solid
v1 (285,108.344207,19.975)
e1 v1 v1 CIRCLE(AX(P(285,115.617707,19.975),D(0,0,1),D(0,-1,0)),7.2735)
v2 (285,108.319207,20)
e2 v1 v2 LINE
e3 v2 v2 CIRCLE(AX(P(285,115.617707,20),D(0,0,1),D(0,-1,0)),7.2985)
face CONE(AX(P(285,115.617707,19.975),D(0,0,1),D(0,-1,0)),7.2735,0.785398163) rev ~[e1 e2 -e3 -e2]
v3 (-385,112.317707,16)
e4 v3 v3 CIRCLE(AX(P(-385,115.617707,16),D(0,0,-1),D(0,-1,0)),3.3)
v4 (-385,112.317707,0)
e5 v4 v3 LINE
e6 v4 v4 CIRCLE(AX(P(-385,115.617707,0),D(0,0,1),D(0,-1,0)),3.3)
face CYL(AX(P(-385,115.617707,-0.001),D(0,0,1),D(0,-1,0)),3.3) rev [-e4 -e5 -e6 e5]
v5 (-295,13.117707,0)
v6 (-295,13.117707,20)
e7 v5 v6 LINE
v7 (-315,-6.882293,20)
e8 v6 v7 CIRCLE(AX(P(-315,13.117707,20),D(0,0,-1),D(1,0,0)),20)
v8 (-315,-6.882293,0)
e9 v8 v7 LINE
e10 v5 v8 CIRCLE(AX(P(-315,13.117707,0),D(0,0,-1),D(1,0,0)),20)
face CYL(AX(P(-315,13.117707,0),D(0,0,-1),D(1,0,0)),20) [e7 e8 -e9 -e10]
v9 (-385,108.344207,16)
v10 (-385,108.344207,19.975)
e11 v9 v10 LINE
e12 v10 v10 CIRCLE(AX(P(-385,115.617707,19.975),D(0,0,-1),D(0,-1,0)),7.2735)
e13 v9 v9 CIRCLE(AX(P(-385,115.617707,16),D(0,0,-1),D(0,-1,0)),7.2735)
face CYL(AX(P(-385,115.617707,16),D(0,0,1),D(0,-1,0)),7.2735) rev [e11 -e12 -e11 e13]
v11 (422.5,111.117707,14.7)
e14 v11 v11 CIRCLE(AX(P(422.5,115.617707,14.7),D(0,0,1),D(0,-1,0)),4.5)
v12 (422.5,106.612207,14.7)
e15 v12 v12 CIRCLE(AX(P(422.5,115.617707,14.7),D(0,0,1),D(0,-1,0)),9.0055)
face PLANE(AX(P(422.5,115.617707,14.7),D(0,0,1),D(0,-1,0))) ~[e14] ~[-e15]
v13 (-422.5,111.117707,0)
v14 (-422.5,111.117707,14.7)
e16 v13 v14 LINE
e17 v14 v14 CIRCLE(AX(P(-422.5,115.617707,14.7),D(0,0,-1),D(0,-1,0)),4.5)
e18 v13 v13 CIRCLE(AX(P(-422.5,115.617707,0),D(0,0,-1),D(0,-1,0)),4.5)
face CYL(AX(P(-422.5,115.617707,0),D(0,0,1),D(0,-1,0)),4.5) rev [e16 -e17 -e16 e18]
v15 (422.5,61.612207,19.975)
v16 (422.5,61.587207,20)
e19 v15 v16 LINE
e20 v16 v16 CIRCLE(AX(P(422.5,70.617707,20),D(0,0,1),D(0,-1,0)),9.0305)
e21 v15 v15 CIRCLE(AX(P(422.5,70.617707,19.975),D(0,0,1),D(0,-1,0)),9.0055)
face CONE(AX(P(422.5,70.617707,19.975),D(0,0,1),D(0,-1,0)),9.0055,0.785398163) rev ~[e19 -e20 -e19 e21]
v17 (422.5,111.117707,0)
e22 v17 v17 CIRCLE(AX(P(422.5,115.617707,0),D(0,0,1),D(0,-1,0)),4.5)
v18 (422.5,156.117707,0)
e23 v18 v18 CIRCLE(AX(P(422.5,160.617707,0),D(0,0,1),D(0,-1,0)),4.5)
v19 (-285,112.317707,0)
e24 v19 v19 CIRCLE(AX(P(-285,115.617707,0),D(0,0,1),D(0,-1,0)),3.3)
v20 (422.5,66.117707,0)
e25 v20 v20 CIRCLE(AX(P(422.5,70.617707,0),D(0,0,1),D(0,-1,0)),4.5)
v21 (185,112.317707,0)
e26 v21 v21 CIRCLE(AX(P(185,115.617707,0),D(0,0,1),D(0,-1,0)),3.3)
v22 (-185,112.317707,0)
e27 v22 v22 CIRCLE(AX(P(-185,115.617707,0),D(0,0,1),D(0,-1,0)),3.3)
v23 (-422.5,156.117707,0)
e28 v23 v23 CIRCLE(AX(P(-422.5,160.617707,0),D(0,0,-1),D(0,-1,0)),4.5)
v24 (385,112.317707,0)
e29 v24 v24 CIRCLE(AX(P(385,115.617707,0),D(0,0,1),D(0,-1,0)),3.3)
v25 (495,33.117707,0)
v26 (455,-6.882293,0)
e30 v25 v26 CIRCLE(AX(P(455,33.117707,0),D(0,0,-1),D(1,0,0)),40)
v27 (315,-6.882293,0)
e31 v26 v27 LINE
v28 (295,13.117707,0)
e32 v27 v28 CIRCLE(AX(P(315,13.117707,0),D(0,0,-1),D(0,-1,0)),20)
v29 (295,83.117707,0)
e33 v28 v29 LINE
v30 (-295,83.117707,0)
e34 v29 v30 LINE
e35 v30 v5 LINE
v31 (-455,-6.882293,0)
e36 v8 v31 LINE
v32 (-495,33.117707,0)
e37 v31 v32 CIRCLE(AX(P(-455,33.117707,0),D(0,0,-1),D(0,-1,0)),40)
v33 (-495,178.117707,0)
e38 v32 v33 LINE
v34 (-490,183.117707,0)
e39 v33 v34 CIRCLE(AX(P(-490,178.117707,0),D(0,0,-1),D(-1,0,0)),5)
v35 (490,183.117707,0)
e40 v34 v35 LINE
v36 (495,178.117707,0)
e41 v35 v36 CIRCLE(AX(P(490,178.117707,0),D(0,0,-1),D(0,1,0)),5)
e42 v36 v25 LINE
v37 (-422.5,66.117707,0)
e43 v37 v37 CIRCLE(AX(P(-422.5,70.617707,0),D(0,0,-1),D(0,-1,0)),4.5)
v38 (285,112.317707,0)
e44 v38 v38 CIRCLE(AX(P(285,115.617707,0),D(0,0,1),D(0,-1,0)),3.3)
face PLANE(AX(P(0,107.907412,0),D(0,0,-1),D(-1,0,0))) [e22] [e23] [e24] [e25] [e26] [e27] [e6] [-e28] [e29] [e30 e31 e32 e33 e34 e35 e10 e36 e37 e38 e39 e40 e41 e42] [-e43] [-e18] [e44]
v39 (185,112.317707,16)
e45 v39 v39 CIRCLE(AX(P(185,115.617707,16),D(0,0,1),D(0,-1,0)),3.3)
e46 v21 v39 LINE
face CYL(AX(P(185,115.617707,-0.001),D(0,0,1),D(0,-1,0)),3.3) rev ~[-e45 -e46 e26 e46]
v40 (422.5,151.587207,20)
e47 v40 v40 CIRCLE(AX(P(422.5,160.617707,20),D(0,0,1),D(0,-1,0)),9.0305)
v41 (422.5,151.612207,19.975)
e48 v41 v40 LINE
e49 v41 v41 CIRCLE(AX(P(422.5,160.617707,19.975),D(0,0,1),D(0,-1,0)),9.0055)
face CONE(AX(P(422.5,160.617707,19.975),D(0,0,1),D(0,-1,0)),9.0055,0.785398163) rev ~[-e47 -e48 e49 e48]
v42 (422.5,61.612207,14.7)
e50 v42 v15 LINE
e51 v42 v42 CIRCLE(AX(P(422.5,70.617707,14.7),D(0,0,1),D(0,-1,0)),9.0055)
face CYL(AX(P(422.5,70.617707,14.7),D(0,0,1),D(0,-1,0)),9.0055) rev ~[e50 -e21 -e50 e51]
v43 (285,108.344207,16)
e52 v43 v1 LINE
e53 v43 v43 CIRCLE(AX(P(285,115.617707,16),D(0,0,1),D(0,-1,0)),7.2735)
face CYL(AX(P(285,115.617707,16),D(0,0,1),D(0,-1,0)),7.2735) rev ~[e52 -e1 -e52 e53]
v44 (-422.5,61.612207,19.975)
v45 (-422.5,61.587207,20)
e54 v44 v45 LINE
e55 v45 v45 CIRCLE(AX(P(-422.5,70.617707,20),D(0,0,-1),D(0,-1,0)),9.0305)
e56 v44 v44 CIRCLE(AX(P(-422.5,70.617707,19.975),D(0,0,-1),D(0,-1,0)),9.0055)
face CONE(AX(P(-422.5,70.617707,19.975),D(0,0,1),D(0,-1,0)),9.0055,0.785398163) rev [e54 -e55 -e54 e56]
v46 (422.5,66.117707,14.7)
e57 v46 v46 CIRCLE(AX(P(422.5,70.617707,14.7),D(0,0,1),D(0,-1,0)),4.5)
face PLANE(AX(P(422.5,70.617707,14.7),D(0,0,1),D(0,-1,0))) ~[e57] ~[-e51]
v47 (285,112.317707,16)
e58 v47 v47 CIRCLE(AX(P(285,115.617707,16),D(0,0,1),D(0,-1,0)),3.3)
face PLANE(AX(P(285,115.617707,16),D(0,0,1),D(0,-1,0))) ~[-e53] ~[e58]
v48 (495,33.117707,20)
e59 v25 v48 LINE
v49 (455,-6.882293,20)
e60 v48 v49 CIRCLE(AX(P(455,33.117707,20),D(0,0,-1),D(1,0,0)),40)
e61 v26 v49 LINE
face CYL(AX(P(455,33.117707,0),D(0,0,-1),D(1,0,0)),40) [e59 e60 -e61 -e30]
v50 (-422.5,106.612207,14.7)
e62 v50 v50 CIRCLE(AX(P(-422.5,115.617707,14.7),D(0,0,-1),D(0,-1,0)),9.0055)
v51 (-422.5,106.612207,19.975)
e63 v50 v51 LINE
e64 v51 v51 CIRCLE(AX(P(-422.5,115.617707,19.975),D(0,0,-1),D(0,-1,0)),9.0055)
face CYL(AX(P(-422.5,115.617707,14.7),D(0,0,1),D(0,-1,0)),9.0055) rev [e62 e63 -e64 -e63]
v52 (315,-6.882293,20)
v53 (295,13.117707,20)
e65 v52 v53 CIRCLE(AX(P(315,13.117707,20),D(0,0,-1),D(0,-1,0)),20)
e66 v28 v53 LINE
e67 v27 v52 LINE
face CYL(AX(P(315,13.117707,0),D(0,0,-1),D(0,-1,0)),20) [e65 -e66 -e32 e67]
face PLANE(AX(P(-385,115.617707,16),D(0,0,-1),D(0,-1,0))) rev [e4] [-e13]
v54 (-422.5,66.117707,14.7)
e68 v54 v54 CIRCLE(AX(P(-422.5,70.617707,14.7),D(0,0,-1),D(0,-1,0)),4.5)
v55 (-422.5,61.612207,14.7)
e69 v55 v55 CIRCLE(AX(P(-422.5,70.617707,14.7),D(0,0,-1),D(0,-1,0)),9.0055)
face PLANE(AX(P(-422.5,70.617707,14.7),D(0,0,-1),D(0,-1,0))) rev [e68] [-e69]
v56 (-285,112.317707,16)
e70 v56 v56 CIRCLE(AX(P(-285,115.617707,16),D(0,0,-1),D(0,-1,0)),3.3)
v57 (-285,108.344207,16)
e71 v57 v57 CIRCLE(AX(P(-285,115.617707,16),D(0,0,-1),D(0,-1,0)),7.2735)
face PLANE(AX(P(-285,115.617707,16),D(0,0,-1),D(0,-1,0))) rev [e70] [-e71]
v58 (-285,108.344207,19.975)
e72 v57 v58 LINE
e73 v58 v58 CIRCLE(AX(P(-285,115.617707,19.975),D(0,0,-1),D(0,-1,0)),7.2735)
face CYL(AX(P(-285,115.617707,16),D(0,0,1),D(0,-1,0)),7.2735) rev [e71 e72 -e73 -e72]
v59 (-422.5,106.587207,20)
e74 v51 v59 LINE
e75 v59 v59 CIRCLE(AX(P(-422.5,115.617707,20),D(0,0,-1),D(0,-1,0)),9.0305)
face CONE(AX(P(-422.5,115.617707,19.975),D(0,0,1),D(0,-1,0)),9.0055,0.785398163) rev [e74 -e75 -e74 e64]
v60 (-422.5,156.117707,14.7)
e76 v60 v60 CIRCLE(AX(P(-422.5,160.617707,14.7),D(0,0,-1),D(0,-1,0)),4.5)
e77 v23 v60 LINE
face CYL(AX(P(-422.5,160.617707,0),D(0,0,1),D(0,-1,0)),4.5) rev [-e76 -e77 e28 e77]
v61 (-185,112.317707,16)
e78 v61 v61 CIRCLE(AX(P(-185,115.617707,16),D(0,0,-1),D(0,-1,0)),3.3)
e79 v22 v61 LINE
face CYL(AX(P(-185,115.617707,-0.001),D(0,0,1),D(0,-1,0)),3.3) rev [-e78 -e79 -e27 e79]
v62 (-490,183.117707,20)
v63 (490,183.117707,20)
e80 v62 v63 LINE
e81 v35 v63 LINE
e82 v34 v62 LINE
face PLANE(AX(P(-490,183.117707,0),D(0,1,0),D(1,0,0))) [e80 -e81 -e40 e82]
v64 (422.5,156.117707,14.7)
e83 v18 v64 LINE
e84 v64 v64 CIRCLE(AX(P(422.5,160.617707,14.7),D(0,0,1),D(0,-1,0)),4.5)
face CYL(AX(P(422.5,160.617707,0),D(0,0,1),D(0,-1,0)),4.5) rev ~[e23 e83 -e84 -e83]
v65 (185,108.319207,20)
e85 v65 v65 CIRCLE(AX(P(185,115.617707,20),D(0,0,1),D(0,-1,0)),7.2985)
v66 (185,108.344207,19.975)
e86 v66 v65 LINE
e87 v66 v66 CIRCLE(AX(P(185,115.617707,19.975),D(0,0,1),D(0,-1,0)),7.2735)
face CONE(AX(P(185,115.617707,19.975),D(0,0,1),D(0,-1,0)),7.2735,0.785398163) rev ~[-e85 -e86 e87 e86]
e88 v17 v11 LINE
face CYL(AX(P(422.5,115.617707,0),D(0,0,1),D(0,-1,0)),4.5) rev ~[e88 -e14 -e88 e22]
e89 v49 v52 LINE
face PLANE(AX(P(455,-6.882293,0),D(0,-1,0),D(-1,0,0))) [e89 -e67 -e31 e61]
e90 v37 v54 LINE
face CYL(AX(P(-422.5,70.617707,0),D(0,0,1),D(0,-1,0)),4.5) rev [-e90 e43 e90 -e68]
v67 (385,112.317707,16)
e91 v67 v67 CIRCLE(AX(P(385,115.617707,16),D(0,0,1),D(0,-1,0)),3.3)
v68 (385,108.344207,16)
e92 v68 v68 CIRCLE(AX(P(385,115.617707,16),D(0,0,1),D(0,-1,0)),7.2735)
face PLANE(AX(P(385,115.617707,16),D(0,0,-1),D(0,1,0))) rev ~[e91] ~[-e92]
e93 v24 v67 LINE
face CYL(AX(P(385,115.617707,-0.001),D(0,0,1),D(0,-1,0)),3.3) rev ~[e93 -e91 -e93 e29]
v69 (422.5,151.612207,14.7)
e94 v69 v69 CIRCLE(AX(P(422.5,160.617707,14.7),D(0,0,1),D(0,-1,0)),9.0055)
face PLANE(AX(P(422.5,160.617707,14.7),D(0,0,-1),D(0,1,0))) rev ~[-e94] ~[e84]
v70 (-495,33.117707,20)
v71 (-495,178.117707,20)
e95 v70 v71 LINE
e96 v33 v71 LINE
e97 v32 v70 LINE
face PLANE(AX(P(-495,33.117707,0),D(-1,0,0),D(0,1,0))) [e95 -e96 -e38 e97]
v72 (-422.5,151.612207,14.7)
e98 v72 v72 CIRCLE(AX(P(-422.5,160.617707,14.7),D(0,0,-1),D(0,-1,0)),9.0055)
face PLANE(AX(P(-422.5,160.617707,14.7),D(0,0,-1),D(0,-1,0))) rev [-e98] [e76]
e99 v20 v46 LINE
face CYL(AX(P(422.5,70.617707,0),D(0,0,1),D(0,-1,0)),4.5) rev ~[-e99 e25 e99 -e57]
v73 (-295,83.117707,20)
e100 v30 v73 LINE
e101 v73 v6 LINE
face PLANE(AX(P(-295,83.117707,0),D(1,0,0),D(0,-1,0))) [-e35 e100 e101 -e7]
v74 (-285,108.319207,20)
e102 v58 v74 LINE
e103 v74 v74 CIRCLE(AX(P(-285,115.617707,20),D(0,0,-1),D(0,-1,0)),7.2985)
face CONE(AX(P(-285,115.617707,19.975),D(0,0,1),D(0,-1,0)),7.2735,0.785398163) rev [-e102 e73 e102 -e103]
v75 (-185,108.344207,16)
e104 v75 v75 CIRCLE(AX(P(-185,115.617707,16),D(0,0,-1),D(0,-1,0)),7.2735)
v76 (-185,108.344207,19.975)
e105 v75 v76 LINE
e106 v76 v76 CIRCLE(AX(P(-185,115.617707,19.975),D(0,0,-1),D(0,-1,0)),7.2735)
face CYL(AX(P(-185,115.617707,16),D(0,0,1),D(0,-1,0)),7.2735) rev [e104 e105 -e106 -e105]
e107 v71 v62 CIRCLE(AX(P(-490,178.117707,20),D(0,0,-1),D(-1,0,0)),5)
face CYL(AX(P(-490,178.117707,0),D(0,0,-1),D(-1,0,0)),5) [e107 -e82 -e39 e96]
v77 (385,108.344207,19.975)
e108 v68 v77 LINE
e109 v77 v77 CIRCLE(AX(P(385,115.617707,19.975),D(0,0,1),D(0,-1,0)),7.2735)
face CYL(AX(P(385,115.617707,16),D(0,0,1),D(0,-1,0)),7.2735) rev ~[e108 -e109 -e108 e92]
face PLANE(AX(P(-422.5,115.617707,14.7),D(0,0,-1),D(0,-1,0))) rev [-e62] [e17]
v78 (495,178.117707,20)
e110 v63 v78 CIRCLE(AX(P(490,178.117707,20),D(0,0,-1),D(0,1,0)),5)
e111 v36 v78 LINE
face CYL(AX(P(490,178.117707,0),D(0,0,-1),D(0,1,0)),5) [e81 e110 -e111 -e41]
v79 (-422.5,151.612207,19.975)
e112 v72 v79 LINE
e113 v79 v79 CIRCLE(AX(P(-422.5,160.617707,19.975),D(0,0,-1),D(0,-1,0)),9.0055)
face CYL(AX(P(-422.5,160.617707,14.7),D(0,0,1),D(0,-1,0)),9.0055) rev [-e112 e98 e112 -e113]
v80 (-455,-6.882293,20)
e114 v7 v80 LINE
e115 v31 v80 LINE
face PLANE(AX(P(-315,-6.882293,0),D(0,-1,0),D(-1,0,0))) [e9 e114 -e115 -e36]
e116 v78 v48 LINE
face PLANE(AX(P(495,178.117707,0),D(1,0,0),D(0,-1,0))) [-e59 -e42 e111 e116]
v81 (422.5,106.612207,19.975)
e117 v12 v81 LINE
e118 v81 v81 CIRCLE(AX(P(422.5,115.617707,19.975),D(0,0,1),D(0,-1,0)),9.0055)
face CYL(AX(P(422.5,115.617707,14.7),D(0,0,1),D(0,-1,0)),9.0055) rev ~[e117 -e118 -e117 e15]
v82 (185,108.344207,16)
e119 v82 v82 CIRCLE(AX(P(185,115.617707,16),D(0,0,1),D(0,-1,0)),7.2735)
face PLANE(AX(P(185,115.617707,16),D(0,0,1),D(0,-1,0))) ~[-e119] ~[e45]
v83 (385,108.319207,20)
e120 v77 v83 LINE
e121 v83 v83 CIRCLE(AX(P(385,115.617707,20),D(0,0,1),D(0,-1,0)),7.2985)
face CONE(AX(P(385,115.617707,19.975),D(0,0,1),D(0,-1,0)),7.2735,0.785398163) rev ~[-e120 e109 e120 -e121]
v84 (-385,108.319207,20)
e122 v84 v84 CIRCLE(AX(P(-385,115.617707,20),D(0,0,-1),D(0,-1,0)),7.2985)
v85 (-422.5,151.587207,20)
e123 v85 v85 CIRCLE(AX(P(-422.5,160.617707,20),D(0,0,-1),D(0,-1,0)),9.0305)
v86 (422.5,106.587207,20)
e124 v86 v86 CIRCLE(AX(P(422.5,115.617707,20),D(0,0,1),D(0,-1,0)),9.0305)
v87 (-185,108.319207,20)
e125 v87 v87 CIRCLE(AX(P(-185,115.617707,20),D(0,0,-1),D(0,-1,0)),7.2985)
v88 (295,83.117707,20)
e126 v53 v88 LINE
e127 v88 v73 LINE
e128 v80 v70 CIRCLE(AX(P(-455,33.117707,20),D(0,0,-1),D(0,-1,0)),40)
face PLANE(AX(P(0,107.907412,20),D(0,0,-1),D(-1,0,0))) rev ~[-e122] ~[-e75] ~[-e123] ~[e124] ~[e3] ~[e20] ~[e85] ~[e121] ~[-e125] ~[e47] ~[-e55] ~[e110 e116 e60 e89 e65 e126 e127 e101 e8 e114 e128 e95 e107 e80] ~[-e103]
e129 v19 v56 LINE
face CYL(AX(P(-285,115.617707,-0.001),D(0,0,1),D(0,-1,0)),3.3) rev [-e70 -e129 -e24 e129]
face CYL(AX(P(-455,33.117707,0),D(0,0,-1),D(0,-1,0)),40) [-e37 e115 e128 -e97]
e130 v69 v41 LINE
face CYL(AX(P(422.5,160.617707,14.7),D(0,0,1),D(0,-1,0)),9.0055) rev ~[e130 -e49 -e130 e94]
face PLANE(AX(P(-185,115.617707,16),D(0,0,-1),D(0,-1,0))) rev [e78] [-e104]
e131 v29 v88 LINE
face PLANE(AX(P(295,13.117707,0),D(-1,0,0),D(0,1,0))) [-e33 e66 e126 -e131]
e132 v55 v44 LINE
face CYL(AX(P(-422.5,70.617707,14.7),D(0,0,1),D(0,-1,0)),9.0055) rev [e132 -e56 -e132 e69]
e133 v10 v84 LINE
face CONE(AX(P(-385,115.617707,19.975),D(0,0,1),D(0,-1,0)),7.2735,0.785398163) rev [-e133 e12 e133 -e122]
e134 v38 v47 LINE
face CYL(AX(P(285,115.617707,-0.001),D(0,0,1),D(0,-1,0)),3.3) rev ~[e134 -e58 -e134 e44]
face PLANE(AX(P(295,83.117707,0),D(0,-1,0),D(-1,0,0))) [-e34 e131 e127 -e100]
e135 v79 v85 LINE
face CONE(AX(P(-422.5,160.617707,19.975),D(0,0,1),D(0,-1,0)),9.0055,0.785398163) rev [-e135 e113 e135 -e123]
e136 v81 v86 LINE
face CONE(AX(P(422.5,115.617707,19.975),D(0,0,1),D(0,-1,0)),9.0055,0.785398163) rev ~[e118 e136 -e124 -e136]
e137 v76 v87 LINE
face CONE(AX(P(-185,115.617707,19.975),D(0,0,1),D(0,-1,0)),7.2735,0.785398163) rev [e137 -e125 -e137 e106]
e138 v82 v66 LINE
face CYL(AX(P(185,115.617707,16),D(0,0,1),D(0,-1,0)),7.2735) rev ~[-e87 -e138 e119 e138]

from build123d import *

# Parameters (mm, degrees)
BOSS_EXTRUDE1_DEPTH                    = 20
CBORE_FOR_M8_HEX_HEAD_BOLT1_AT_2_COUNT = 2
CBORE_FOR_M8_HEX_HEAD_BOLT1_AT_2_PITCH = 45
CBORE_FOR_M8_HEX_HEAD_BOLT1_AT_3_COUNT = 2
CBORE_FOR_M8_HEX_HEAD_BOLT1_AT_3_PITCH = 1307.399809271
CBORE_FOR_M8_HEX_HEAD_BOLT1_AT_4_COUNT = 2
CBORE_FOR_M8_HEX_HEAD_BOLT1_AT_4_PITCH = 90
CBORE_FOR_M6_HEX_HEAD_BOLT1_AT_2_COUNT = 2
CBORE_FOR_M6_HEX_HEAD_BOLT1_AT_2_PITCH = 100
CBORE_FOR_M6_HEX_HEAD_BOLT1_AT_3_COUNT = 2
CBORE_FOR_M6_HEX_HEAD_BOLT1_AT_3_PITCH = 200


with BuildPart() as part:
    # Sketch1 → Boss-Extrude1 (new body)
    with BuildSketch(Plane.XY):
        with BuildLine():
            Line((-495, 33.117706736), (-495, 178.117706736))
            ThreePointArc((-495, 178.117706736), (-493.535533906, 181.653240642), (-490, 183.117706736))
            Line((-490, 183.117706736), (490, 183.117706736))
            ThreePointArc((490, 183.117706736), (493.535533906, 181.653240642), (495, 178.117706736))
            Line((495, 178.117706736), (495, 33.117706736))
            ThreePointArc((495, 33.117706736), (483.284271247, 4.833435489), (455, -6.882293264))
            Line((455, -6.882293264), (315, -6.882293264))
            ThreePointArc((315, -6.882293264), (300.857864376, -1.024428888), (295, 13.117706736))
            Line((295, 13.117706736), (295, 83.117706736))
            Line((295, 83.117706736), (-295, 83.117706736))
            Line((-295, 83.117706736), (-295, 13.117706736))
            ThreePointArc((-295, 13.117706736), (-300.857864376, -1.024428888), (-315, -6.882293264))
            Line((-315, -6.882293264), (-455, -6.882293264))
            ThreePointArc((-455, -6.882293264), (-483.284271247, 4.833435489), (-495, 33.117706736))
        make_face()
    extrude(amount=BOSS_EXTRUDE1_DEPTH)

    # Sketch6 → CBORE for M8 Hex Head Bolt1 (revolve, cut)
    with BuildSketch(Plane(origin=(-422.5, 160.617706736, 20), x_dir=(0, -1, 0), z_dir=(1, 0, 0))):
        Polygon((0, 0), (0, 20), (4.5, 20), (4.5, 5.3), (9.0055, 5.3), (9.0055, 0.025), (9.0305, 0), align=None)
    cbore_for_m8_hex_head_bolt1 = revolve(axis=Axis((-422.5, 160.617706736, 26.35), (0, 0, -1)), mode=Mode.SUBTRACT)

    # CBORE for M8 Hex Head Bolt1 at 2: CBORE for M8 Hex Head Bolt1 ×2
    with Locations(*[(0, -i * CBORE_FOR_M8_HEX_HEAD_BOLT1_AT_2_PITCH, 0) for i in range(1, CBORE_FOR_M8_HEX_HEAD_BOLT1_AT_2_COUNT)]):
        add(cbore_for_m8_hex_head_bolt1, mode=Mode.SUBTRACT)

    # CBORE for M8 Hex Head Bolt1 at 3: CBORE for M8 Hex Head Bolt1 ×2
    with Locations(*[Vector(-0.7034023303245859, 0.710791925737724, 0) * (i * CBORE_FOR_M8_HEX_HEAD_BOLT1_AT_3_PITCH) for i in range(1, CBORE_FOR_M8_HEX_HEAD_BOLT1_AT_3_COUNT)]):
        add(cbore_for_m8_hex_head_bolt1, mode=Mode.SUBTRACT)

    # CBORE for M8 Hex Head Bolt1 at 4: CBORE for M8 Hex Head Bolt1 ×2
    with Locations(*[(0, -i * CBORE_FOR_M8_HEX_HEAD_BOLT1_AT_4_PITCH, 0) for i in range(1, CBORE_FOR_M8_HEX_HEAD_BOLT1_AT_4_COUNT)]):
        add(cbore_for_m8_hex_head_bolt1, mode=Mode.SUBTRACT)

    # Mirror1: CBORE for M8 Hex Head Bolt1 across plane
    add(cbore_for_m8_hex_head_bolt1.mirror(Plane(origin=(0, 0, 0), x_dir=(0, 0, 1), z_dir=(1, 0, 0))), mode=Mode.SUBTRACT)

    # Mirror1 copy 1 sketch → Mirror1 copy 1 (revolve, cut)
    with BuildSketch(Plane(origin=(422.5, 115.617706736, 20), x_dir=(0, -1, 0), z_dir=(-1, 0, 0))):
        Polygon((0, 0), (0, -20), (4.5, -20), (4.5, -5.3), (9.0055, -5.3), (9.0055, -0.025), (9.0305, 0), align=None)
    revolve(axis=Axis((422.5, 115.617706736, 26.35), (0, 0, 1)), mode=Mode.SUBTRACT)

    # Mirror1 copy 2 sketch → Mirror1 copy 2 (revolve, cut)
    with BuildSketch(Plane(origin=(1342.128072507, 1089.906934877, 20), x_dir=(0, -1, 0), z_dir=(-1, 0, 0))):
        Polygon((0, 0), (0, -20), (4.5, -20), (4.5, -5.3), (9.0055, -5.3), (9.0055, -0.025), (9.0305, 0), align=None)
    revolve(axis=Axis((1342.128072507, 1089.906934877, 26.35), (0, 0, 1)), mode=Mode.SUBTRACT)

    # Mirror1 copy 3 sketch → Mirror1 copy 3 (revolve, cut)
    with BuildSketch(Plane(origin=(422.5, 70.617706736, 20), x_dir=(0, -1, 0), z_dir=(-1, 0, 0))):
        Polygon((0, 0), (0, -20), (4.5, -20), (4.5, -5.3), (9.0055, -5.3), (9.0055, -0.025), (9.0305, 0), align=None)
    revolve(axis=Axis((422.5, 70.617706736, 26.35), (0, 0, 1)), mode=Mode.SUBTRACT)

    # Sketch8 → CBORE for M6 Hex Head Bolt1 (revolve, cut)
    with BuildSketch(Plane(origin=(-385, 115.617706736, 20), x_dir=(0, -1, 0), z_dir=(1, 0, 0))):
        Polygon((0, 0), (0, 20.001), (3.3, 20.001), (3.3, 4), (7.2735, 4), (7.2735, 0.025), (7.2985, 0), align=None)
    cbore_for_m6_hex_head_bolt1 = revolve(axis=Axis((-385, 115.617706736, 26.35), (0, 0, -1)), mode=Mode.SUBTRACT)

    # CBORE for M6 Hex Head Bolt1 at 2: CBORE for M6 Hex Head Bolt1 ×2
    with Locations(*[(i * CBORE_FOR_M6_HEX_HEAD_BOLT1_AT_2_PITCH, 0, 0) for i in range(1, CBORE_FOR_M6_HEX_HEAD_BOLT1_AT_2_COUNT)]):
        add(cbore_for_m6_hex_head_bolt1, mode=Mode.SUBTRACT)

    # CBORE for M6 Hex Head Bolt1 at 3: CBORE for M6 Hex Head Bolt1 ×2
    with Locations(*[(i * CBORE_FOR_M6_HEX_HEAD_BOLT1_AT_3_PITCH, 0, 0) for i in range(1, CBORE_FOR_M6_HEX_HEAD_BOLT1_AT_3_COUNT)]):
        add(cbore_for_m6_hex_head_bolt1, mode=Mode.SUBTRACT)

    # Mirror2: CBORE for M6 Hex Head Bolt1 across plane
    add(cbore_for_m6_hex_head_bolt1.mirror(Plane(origin=(0, 0, 0), x_dir=(0, 0, 1), z_dir=(1, 0, 0))), mode=Mode.SUBTRACT)

    # Mirror2 copy 1 sketch → Mirror2 copy 1 (revolve, cut)
    with BuildSketch(Plane(origin=(285, 115.617706736, 20), x_dir=(0, -1, 0), z_dir=(-1, 0, 0))):
        Polygon((0, 0), (0, -20.001), (3.3, -20.001), (3.3, -4), (7.2735, -4), (7.2735, -0.025), (7.2985, 0), align=None)
    revolve(axis=Axis((285, 115.617706736, 26.35), (0, 0, 1)), mode=Mode.SUBTRACT)

    # Mirror2 copy 2 sketch → Mirror2 copy 2 (revolve, cut)
    with BuildSketch(Plane(origin=(185, 115.617706736, 20), x_dir=(0, -1, 0), z_dir=(-1, 0, 0))):
        Polygon((0, 0), (0, -20.001), (3.3, -20.001), (3.3, -4), (7.2735, -4), (7.2735, -0.025), (7.2985, 0), align=None)
    revolve(axis=Axis((185, 115.617706736, 26.35), (0, 0, 1)), mode=Mode.SUBTRACT)


solid = part.part
